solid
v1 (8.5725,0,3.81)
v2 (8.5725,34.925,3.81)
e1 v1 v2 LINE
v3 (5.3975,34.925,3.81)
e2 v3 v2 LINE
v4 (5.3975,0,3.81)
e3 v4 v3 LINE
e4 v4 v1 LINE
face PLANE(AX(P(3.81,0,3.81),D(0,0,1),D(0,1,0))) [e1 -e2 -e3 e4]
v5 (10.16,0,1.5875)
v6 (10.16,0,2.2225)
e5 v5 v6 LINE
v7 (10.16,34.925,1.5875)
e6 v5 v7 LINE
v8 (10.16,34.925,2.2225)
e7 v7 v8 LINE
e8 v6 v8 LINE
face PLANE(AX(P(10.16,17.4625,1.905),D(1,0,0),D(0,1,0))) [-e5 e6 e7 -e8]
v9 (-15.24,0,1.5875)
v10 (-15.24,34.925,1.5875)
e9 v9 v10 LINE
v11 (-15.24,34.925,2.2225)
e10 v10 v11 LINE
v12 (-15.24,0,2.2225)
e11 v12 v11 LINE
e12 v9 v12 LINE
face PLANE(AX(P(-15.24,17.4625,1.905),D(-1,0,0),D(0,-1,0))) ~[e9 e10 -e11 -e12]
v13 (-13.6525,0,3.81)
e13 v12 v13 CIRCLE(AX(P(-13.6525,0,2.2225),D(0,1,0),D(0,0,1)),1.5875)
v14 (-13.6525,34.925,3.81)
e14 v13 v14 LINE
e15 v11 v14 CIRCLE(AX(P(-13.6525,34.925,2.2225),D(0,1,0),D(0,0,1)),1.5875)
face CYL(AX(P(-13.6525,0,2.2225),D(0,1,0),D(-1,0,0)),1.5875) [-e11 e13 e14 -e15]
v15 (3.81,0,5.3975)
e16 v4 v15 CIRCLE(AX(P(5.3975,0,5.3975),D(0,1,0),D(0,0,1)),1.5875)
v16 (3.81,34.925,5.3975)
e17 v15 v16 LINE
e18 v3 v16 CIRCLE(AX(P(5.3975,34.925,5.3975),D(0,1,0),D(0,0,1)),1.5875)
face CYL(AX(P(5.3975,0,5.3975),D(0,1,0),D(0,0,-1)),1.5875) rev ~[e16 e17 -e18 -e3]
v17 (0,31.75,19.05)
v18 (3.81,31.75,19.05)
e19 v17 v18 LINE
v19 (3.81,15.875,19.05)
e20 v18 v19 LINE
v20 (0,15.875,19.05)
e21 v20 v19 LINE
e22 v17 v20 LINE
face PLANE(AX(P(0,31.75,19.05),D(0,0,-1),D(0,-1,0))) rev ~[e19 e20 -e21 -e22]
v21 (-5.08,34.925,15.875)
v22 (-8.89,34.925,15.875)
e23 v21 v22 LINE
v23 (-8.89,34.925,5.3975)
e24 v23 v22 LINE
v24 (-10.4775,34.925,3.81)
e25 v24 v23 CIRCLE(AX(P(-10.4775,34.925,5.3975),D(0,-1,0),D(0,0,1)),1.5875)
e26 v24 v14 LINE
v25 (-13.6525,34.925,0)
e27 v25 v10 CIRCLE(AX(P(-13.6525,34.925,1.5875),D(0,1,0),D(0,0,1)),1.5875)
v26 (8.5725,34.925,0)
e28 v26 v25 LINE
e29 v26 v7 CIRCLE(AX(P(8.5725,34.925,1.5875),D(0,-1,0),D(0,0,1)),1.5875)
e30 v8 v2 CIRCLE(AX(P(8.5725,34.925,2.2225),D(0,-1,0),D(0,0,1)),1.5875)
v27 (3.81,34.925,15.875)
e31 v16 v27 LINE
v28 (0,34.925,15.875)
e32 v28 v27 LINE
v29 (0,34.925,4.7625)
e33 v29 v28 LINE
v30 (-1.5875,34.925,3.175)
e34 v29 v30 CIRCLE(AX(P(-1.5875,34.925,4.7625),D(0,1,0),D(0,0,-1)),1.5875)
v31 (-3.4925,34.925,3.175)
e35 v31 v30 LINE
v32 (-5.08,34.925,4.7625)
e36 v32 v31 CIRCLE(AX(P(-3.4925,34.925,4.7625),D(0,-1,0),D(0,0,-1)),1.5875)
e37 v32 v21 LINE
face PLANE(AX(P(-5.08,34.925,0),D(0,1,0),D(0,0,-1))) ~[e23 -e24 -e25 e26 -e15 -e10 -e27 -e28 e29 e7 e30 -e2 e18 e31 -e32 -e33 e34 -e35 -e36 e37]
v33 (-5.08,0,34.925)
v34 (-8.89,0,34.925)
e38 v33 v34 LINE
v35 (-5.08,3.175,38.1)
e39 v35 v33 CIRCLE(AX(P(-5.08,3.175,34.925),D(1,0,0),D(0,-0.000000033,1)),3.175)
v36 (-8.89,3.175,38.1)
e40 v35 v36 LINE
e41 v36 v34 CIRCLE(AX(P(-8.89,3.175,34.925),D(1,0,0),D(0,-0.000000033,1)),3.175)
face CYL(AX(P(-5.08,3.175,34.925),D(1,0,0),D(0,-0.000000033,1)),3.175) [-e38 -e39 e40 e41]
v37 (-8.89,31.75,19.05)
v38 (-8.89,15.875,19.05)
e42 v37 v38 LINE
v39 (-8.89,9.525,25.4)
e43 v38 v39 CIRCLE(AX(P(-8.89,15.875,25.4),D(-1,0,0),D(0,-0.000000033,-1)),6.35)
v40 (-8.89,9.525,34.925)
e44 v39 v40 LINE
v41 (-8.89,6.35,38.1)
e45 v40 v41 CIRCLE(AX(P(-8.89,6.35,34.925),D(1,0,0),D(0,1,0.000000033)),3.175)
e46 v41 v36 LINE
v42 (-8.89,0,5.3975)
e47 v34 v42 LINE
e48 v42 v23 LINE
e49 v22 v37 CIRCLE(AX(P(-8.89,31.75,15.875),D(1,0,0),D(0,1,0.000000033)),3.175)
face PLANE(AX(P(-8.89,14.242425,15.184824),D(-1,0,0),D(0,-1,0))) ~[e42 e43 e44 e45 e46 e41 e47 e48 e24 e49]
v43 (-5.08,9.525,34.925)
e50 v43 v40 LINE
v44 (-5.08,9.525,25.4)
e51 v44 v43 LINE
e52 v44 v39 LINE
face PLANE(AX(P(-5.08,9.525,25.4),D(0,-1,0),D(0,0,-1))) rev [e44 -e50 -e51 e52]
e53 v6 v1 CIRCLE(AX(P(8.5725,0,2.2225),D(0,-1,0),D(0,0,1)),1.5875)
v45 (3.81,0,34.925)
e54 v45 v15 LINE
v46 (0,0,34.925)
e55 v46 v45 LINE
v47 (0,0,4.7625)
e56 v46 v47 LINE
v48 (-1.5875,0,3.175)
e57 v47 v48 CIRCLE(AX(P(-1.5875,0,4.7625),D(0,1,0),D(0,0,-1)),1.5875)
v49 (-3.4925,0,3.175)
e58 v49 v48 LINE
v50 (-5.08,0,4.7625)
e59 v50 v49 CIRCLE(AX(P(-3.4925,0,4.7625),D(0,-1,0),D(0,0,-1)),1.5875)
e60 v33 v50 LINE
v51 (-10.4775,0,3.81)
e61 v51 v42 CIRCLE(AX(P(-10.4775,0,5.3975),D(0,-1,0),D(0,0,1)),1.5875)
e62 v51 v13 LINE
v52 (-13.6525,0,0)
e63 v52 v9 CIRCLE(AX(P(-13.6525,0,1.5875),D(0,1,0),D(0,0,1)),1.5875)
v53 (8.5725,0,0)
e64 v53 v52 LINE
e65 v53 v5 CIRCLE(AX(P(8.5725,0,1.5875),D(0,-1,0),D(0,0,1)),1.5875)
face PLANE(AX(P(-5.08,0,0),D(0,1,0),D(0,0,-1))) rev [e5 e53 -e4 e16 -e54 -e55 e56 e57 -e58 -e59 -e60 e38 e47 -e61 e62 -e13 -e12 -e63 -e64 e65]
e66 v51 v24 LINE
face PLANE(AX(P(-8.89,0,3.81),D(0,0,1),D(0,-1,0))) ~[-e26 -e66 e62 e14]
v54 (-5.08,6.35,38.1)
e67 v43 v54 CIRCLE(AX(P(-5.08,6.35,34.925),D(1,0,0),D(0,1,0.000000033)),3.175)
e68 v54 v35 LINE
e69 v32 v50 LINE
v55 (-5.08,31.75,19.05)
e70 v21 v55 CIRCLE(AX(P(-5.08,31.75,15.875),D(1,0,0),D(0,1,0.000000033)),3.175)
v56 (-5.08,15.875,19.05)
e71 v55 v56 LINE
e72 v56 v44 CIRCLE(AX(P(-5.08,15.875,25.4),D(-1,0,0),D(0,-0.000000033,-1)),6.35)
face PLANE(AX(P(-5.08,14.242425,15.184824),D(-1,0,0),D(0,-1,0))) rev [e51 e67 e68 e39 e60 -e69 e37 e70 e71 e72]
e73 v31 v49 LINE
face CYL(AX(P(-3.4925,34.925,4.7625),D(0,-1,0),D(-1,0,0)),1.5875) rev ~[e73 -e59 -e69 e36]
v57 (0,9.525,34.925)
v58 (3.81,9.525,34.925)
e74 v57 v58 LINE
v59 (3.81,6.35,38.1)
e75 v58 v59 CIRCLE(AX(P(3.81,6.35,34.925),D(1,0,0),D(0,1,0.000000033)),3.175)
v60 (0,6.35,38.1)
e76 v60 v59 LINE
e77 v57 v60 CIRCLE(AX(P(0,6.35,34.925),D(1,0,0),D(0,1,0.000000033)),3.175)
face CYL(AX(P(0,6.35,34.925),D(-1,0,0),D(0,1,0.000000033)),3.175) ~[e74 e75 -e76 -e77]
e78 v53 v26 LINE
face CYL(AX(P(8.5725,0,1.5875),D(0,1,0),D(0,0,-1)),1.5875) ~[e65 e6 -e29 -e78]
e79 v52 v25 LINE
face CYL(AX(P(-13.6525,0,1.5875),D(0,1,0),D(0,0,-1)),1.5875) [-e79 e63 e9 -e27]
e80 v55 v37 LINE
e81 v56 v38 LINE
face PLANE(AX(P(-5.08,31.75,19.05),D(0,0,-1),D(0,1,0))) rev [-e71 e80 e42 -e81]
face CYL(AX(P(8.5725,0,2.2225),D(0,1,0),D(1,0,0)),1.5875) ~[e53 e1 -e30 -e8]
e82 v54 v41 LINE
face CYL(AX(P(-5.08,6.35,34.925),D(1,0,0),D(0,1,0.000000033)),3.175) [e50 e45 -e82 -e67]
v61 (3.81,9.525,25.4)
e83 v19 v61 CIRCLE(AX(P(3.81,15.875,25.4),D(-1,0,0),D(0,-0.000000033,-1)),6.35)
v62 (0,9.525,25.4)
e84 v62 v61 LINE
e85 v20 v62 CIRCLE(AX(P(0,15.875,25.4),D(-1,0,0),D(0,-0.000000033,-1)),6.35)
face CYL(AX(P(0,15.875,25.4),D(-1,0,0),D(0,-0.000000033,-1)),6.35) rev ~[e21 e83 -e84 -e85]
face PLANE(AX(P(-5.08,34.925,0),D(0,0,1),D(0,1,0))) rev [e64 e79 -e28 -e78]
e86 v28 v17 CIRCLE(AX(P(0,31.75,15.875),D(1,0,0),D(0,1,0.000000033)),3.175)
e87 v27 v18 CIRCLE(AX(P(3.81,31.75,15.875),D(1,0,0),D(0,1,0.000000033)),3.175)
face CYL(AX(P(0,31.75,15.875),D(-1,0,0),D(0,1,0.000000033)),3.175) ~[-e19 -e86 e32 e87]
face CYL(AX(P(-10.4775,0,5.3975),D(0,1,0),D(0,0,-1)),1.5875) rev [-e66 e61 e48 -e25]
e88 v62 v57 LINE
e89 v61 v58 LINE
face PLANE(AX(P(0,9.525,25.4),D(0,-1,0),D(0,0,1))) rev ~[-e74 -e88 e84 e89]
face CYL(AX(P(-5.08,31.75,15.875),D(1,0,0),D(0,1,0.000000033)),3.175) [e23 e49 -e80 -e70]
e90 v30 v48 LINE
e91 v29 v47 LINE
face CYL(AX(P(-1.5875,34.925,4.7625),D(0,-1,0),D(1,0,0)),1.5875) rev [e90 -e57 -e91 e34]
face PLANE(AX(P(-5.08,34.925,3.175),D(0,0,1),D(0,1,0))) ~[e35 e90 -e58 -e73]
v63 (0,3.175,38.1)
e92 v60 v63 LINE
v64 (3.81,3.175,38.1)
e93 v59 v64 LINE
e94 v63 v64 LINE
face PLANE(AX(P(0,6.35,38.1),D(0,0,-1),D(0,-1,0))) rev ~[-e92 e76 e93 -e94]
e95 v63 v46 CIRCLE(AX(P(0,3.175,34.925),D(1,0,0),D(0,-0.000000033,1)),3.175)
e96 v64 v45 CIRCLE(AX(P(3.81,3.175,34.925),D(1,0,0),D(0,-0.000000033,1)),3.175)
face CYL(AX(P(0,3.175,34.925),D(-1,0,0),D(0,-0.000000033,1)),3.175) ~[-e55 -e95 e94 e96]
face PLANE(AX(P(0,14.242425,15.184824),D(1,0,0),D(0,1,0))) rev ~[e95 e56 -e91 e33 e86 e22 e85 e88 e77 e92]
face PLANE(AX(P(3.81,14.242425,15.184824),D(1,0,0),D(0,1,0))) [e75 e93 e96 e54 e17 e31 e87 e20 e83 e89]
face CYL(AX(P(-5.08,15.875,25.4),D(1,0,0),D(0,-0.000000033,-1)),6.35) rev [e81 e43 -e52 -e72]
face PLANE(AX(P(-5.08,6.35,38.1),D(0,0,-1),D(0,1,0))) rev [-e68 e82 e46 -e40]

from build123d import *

# Parameters (mm, degrees)
F1_DEPTH = 3.81
F2_W     = 34.925
F2_H     = 3.81
F3_DEPTH = 6.35
F4_W     = 34.925
F4_H     = 3.175
F5_DEPTH = 2.54
F6_R     = 1.5875


with BuildPart() as f1:
    # F0 (on Right) → F1 (new body)
    with BuildSketch(Plane.YZ):
        with BuildLine():
            Line((0, 34.925), (0, 0))
            Line((0, 0), (34.925, 0))
            Line((34.925, 0), (34.925, 15.875))
            ThreePointArc((34.925, 15.875), (33.995064, 18.120064), (31.75, 19.05))
            Line((31.75, 19.05), (15.875, 19.05))
            ThreePointArc((15.875, 19.05), (11.384872, 20.909872), (9.525, 25.4))
            Line((9.525, 25.4), (9.525, 34.925))
            ThreePointArc((9.525, 34.925), (8.595064, 37.170064), (6.35, 38.1))
            Line((6.35, 38.1), (3.175, 38.1))
            ThreePointArc((3.175, 38.1), (0.929936, 37.170064), (0, 34.925))
        make_face()
    extrude(amount=F1_DEPTH)

    # F2 (on face) → F3 (join)
    with BuildSketch(Plane.YZ.offset(3.81)):
        with Locations((17.4625, 1.905)):
            Rectangle(F2_W, F2_H)
    extrude(amount=F3_DEPTH)

    # F4 (on face) → F5 (join)
    with BuildSketch(Plane(origin=(0, 0, 0), x_dir=(0, -1, 0), z_dir=(-1, 0, 0))):
        with Locations((-17.4625, 1.5875)):
            Rectangle(F4_W, F4_H)
    extrude(amount=F5_DEPTH)

    # F6
    f6_edges = [f1.edges().sort_by_distance(p)[0] for p in [
        (3.81, 17.4625, 3.81),
        (10.16, 17.4625, 3.81),
        (0, 17.4625, 3.175),
        (10.16, 17.4625, 0),
    ]]
    fillet(f6_edges, radius=F6_R)

    # F7: F1 across face


with BuildPart() as f1_1:
    add(f1.part)
    add(f1.part.mirror(Plane(origin=(-2.54, 17.4625, 1.5875), x_dir=(0, -1, 0), z_dir=(-1, 0, 0))))


solid = f1_1.part
